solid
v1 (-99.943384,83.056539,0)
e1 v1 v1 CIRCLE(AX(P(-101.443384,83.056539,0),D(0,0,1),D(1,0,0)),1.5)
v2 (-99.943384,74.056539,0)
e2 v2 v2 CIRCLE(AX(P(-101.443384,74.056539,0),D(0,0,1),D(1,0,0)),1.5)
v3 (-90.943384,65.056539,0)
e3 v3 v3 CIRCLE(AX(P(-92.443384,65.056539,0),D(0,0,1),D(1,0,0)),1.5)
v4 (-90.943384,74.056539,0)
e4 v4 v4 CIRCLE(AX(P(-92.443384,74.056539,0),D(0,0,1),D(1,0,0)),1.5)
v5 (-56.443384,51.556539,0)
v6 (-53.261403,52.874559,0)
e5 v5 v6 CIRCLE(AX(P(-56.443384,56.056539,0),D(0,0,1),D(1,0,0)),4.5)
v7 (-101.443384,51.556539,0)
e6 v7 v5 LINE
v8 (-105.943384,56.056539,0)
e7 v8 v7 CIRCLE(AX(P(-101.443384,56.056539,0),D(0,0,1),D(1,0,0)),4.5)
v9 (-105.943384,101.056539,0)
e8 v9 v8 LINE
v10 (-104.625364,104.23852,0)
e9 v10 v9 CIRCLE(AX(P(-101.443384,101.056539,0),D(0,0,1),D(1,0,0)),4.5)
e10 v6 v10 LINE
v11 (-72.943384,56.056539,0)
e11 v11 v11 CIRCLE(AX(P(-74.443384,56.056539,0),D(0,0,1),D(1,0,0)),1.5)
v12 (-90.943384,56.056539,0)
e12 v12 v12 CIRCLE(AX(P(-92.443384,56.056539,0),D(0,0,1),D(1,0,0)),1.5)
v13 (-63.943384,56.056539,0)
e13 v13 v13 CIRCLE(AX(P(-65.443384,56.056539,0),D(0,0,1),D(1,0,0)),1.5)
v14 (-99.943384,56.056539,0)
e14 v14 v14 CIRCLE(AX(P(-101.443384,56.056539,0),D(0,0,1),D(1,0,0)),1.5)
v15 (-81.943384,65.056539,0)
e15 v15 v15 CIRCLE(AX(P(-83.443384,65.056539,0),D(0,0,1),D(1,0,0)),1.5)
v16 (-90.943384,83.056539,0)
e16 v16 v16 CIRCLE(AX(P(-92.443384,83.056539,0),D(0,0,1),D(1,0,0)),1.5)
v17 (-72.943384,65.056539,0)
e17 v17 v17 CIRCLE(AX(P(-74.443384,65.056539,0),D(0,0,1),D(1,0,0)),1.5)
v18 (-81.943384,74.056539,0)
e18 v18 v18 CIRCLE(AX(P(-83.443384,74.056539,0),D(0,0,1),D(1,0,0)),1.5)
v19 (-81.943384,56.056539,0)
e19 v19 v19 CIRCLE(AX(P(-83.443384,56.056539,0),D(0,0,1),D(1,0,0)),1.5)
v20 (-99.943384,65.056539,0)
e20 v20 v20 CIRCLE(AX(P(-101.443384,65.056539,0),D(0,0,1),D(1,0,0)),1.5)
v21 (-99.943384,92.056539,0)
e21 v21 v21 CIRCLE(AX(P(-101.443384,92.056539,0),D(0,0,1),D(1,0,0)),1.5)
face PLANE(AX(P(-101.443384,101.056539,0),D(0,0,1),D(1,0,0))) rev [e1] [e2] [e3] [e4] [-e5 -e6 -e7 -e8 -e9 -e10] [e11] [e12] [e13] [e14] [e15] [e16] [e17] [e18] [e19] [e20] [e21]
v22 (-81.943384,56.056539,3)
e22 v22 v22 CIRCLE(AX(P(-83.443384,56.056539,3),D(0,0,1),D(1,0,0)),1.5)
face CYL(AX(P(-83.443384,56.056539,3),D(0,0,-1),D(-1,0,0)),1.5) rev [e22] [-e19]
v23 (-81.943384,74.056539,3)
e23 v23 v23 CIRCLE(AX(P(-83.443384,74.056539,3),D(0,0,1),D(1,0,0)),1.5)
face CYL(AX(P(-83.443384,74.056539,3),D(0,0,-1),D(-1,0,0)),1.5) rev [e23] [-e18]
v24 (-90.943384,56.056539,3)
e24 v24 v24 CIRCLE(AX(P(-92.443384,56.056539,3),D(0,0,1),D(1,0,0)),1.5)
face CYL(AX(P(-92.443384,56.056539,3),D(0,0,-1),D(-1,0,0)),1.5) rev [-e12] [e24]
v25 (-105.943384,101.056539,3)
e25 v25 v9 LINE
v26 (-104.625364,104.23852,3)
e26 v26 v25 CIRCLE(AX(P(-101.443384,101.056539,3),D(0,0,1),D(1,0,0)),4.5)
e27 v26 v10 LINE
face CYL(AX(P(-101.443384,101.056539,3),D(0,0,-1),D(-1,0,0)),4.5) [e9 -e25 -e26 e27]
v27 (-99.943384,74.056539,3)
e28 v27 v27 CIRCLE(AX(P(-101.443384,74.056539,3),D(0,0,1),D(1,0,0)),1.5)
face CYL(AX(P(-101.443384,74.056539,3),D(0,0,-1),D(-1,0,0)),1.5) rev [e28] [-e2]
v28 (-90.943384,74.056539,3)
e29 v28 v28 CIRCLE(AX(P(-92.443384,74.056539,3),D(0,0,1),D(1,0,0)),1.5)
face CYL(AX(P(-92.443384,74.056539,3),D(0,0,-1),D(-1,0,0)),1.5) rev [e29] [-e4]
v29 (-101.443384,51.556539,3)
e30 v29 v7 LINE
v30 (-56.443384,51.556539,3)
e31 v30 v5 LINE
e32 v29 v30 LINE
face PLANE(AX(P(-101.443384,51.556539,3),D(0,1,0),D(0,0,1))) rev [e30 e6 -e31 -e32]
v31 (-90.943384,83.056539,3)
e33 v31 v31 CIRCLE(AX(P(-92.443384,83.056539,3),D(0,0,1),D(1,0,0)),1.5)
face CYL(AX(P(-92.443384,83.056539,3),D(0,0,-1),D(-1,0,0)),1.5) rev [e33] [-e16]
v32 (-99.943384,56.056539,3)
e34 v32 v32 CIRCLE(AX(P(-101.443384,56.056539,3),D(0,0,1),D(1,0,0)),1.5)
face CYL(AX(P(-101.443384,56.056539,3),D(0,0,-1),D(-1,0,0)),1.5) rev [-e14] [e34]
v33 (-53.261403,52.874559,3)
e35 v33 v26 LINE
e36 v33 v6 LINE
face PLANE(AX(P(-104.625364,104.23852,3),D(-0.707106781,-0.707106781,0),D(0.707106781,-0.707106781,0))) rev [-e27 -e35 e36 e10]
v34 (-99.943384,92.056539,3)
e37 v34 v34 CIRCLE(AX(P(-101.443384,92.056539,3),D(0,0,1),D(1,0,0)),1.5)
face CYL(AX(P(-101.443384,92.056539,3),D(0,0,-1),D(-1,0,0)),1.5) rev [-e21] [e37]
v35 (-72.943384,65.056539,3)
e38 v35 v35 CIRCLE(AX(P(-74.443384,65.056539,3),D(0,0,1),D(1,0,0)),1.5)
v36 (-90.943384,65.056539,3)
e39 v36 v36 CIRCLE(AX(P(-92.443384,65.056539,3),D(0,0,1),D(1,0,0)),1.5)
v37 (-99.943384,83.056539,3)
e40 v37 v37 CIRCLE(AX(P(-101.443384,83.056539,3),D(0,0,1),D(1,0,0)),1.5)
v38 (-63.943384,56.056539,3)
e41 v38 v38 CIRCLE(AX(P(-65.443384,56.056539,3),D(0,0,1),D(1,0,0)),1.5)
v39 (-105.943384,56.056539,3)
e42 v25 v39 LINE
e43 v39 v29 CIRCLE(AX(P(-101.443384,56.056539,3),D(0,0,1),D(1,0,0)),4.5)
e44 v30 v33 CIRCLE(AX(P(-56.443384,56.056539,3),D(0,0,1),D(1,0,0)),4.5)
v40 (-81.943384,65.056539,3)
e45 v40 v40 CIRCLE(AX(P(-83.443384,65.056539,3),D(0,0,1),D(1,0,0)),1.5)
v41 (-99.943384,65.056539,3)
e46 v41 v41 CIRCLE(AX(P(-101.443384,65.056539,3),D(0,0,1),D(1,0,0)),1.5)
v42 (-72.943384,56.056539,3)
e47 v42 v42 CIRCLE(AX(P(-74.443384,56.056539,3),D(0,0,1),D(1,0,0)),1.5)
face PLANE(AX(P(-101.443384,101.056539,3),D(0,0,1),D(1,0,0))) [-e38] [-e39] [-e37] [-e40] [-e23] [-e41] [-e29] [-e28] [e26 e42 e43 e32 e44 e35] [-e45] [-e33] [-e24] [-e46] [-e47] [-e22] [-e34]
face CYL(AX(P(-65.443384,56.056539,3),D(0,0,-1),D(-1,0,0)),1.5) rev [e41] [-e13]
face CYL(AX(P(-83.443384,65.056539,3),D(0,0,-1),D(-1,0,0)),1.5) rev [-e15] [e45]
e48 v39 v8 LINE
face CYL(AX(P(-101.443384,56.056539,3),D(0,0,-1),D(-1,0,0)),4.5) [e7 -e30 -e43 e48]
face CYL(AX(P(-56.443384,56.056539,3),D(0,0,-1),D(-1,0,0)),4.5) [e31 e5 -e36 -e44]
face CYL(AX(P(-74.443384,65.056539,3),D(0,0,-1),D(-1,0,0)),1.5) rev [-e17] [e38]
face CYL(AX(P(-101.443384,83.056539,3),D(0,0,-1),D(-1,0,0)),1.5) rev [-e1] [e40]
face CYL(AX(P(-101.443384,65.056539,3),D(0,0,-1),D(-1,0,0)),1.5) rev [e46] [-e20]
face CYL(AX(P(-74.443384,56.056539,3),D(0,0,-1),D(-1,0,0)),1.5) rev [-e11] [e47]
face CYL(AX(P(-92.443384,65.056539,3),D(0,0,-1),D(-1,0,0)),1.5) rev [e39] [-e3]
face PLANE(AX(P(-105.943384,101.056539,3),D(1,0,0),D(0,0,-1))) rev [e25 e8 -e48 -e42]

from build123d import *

# Parameters (mm, degrees)
MODEL_R                 = 1.5
SALIENTE_EXTRUIR1_DEPTH = 3


with BuildPart() as part:
    # Model → Saliente-Extruir1 (new body)
    with BuildSketch(Plane.XY):
        with BuildLine():
            Line((-105.943383637, 101.056539338), (-105.943383637, 56.056539338))
            ThreePointArc((-105.943383637, 56.056539338), (-104.625364152, 52.874558823), (-101.443383637, 51.556539338))
            Line((-101.443383637, 51.556539338), (-56.443383637, 51.556539338))
            ThreePointArc((-56.443383637, 51.556539338), (-54.721308191, 51.899081442), (-53.261403122, 52.874558823))
            Line((-53.261403122, 52.874558823), (-104.625364152, 104.238519853))
            ThreePointArc((-104.625364152, 104.238519853), (-105.600841533, 102.778614784), (-105.943383637, 101.056539338))
        make_face()
        with Locations((-101.443383637, 92.056539338)):
            Circle(MODEL_R, mode=Mode.SUBTRACT)
        with Locations((-101.443383637, 83.056539338)):
            Circle(MODEL_R, mode=Mode.SUBTRACT)
        with Locations((-92.443383637, 83.056539338)):
            Circle(MODEL_R, mode=Mode.SUBTRACT)
        with Locations((-101.443383637, 74.056539338)):
            Circle(MODEL_R, mode=Mode.SUBTRACT)
        with Locations((-92.443383637, 74.056539338)):
            Circle(MODEL_R, mode=Mode.SUBTRACT)
        with Locations((-83.443383637, 74.056539338)):
            Circle(MODEL_R, mode=Mode.SUBTRACT)
        with Locations((-101.443383637, 65.056539338)):
            Circle(MODEL_R, mode=Mode.SUBTRACT)
        with Locations((-92.443383637, 65.056539338)):
            Circle(MODEL_R, mode=Mode.SUBTRACT)
        with Locations((-83.443383637, 65.056539338)):
            Circle(MODEL_R, mode=Mode.SUBTRACT)
        with Locations((-74.443383637, 65.056539338)):
            Circle(MODEL_R, mode=Mode.SUBTRACT)
        with Locations((-101.443383637, 56.056539338)):
            Circle(MODEL_R, mode=Mode.SUBTRACT)
        with Locations((-92.443383637, 56.056539338)):
            Circle(MODEL_R, mode=Mode.SUBTRACT)
        with Locations((-83.443383637, 56.056539338)):
            Circle(MODEL_R, mode=Mode.SUBTRACT)
        with Locations((-74.443383637, 56.056539338)):
            Circle(MODEL_R, mode=Mode.SUBTRACT)
        with Locations((-65.443383637, 56.056539338)):
            Circle(MODEL_R, mode=Mode.SUBTRACT)
    extrude(amount=SALIENTE_EXTRUIR1_DEPTH)


solid = part.part
